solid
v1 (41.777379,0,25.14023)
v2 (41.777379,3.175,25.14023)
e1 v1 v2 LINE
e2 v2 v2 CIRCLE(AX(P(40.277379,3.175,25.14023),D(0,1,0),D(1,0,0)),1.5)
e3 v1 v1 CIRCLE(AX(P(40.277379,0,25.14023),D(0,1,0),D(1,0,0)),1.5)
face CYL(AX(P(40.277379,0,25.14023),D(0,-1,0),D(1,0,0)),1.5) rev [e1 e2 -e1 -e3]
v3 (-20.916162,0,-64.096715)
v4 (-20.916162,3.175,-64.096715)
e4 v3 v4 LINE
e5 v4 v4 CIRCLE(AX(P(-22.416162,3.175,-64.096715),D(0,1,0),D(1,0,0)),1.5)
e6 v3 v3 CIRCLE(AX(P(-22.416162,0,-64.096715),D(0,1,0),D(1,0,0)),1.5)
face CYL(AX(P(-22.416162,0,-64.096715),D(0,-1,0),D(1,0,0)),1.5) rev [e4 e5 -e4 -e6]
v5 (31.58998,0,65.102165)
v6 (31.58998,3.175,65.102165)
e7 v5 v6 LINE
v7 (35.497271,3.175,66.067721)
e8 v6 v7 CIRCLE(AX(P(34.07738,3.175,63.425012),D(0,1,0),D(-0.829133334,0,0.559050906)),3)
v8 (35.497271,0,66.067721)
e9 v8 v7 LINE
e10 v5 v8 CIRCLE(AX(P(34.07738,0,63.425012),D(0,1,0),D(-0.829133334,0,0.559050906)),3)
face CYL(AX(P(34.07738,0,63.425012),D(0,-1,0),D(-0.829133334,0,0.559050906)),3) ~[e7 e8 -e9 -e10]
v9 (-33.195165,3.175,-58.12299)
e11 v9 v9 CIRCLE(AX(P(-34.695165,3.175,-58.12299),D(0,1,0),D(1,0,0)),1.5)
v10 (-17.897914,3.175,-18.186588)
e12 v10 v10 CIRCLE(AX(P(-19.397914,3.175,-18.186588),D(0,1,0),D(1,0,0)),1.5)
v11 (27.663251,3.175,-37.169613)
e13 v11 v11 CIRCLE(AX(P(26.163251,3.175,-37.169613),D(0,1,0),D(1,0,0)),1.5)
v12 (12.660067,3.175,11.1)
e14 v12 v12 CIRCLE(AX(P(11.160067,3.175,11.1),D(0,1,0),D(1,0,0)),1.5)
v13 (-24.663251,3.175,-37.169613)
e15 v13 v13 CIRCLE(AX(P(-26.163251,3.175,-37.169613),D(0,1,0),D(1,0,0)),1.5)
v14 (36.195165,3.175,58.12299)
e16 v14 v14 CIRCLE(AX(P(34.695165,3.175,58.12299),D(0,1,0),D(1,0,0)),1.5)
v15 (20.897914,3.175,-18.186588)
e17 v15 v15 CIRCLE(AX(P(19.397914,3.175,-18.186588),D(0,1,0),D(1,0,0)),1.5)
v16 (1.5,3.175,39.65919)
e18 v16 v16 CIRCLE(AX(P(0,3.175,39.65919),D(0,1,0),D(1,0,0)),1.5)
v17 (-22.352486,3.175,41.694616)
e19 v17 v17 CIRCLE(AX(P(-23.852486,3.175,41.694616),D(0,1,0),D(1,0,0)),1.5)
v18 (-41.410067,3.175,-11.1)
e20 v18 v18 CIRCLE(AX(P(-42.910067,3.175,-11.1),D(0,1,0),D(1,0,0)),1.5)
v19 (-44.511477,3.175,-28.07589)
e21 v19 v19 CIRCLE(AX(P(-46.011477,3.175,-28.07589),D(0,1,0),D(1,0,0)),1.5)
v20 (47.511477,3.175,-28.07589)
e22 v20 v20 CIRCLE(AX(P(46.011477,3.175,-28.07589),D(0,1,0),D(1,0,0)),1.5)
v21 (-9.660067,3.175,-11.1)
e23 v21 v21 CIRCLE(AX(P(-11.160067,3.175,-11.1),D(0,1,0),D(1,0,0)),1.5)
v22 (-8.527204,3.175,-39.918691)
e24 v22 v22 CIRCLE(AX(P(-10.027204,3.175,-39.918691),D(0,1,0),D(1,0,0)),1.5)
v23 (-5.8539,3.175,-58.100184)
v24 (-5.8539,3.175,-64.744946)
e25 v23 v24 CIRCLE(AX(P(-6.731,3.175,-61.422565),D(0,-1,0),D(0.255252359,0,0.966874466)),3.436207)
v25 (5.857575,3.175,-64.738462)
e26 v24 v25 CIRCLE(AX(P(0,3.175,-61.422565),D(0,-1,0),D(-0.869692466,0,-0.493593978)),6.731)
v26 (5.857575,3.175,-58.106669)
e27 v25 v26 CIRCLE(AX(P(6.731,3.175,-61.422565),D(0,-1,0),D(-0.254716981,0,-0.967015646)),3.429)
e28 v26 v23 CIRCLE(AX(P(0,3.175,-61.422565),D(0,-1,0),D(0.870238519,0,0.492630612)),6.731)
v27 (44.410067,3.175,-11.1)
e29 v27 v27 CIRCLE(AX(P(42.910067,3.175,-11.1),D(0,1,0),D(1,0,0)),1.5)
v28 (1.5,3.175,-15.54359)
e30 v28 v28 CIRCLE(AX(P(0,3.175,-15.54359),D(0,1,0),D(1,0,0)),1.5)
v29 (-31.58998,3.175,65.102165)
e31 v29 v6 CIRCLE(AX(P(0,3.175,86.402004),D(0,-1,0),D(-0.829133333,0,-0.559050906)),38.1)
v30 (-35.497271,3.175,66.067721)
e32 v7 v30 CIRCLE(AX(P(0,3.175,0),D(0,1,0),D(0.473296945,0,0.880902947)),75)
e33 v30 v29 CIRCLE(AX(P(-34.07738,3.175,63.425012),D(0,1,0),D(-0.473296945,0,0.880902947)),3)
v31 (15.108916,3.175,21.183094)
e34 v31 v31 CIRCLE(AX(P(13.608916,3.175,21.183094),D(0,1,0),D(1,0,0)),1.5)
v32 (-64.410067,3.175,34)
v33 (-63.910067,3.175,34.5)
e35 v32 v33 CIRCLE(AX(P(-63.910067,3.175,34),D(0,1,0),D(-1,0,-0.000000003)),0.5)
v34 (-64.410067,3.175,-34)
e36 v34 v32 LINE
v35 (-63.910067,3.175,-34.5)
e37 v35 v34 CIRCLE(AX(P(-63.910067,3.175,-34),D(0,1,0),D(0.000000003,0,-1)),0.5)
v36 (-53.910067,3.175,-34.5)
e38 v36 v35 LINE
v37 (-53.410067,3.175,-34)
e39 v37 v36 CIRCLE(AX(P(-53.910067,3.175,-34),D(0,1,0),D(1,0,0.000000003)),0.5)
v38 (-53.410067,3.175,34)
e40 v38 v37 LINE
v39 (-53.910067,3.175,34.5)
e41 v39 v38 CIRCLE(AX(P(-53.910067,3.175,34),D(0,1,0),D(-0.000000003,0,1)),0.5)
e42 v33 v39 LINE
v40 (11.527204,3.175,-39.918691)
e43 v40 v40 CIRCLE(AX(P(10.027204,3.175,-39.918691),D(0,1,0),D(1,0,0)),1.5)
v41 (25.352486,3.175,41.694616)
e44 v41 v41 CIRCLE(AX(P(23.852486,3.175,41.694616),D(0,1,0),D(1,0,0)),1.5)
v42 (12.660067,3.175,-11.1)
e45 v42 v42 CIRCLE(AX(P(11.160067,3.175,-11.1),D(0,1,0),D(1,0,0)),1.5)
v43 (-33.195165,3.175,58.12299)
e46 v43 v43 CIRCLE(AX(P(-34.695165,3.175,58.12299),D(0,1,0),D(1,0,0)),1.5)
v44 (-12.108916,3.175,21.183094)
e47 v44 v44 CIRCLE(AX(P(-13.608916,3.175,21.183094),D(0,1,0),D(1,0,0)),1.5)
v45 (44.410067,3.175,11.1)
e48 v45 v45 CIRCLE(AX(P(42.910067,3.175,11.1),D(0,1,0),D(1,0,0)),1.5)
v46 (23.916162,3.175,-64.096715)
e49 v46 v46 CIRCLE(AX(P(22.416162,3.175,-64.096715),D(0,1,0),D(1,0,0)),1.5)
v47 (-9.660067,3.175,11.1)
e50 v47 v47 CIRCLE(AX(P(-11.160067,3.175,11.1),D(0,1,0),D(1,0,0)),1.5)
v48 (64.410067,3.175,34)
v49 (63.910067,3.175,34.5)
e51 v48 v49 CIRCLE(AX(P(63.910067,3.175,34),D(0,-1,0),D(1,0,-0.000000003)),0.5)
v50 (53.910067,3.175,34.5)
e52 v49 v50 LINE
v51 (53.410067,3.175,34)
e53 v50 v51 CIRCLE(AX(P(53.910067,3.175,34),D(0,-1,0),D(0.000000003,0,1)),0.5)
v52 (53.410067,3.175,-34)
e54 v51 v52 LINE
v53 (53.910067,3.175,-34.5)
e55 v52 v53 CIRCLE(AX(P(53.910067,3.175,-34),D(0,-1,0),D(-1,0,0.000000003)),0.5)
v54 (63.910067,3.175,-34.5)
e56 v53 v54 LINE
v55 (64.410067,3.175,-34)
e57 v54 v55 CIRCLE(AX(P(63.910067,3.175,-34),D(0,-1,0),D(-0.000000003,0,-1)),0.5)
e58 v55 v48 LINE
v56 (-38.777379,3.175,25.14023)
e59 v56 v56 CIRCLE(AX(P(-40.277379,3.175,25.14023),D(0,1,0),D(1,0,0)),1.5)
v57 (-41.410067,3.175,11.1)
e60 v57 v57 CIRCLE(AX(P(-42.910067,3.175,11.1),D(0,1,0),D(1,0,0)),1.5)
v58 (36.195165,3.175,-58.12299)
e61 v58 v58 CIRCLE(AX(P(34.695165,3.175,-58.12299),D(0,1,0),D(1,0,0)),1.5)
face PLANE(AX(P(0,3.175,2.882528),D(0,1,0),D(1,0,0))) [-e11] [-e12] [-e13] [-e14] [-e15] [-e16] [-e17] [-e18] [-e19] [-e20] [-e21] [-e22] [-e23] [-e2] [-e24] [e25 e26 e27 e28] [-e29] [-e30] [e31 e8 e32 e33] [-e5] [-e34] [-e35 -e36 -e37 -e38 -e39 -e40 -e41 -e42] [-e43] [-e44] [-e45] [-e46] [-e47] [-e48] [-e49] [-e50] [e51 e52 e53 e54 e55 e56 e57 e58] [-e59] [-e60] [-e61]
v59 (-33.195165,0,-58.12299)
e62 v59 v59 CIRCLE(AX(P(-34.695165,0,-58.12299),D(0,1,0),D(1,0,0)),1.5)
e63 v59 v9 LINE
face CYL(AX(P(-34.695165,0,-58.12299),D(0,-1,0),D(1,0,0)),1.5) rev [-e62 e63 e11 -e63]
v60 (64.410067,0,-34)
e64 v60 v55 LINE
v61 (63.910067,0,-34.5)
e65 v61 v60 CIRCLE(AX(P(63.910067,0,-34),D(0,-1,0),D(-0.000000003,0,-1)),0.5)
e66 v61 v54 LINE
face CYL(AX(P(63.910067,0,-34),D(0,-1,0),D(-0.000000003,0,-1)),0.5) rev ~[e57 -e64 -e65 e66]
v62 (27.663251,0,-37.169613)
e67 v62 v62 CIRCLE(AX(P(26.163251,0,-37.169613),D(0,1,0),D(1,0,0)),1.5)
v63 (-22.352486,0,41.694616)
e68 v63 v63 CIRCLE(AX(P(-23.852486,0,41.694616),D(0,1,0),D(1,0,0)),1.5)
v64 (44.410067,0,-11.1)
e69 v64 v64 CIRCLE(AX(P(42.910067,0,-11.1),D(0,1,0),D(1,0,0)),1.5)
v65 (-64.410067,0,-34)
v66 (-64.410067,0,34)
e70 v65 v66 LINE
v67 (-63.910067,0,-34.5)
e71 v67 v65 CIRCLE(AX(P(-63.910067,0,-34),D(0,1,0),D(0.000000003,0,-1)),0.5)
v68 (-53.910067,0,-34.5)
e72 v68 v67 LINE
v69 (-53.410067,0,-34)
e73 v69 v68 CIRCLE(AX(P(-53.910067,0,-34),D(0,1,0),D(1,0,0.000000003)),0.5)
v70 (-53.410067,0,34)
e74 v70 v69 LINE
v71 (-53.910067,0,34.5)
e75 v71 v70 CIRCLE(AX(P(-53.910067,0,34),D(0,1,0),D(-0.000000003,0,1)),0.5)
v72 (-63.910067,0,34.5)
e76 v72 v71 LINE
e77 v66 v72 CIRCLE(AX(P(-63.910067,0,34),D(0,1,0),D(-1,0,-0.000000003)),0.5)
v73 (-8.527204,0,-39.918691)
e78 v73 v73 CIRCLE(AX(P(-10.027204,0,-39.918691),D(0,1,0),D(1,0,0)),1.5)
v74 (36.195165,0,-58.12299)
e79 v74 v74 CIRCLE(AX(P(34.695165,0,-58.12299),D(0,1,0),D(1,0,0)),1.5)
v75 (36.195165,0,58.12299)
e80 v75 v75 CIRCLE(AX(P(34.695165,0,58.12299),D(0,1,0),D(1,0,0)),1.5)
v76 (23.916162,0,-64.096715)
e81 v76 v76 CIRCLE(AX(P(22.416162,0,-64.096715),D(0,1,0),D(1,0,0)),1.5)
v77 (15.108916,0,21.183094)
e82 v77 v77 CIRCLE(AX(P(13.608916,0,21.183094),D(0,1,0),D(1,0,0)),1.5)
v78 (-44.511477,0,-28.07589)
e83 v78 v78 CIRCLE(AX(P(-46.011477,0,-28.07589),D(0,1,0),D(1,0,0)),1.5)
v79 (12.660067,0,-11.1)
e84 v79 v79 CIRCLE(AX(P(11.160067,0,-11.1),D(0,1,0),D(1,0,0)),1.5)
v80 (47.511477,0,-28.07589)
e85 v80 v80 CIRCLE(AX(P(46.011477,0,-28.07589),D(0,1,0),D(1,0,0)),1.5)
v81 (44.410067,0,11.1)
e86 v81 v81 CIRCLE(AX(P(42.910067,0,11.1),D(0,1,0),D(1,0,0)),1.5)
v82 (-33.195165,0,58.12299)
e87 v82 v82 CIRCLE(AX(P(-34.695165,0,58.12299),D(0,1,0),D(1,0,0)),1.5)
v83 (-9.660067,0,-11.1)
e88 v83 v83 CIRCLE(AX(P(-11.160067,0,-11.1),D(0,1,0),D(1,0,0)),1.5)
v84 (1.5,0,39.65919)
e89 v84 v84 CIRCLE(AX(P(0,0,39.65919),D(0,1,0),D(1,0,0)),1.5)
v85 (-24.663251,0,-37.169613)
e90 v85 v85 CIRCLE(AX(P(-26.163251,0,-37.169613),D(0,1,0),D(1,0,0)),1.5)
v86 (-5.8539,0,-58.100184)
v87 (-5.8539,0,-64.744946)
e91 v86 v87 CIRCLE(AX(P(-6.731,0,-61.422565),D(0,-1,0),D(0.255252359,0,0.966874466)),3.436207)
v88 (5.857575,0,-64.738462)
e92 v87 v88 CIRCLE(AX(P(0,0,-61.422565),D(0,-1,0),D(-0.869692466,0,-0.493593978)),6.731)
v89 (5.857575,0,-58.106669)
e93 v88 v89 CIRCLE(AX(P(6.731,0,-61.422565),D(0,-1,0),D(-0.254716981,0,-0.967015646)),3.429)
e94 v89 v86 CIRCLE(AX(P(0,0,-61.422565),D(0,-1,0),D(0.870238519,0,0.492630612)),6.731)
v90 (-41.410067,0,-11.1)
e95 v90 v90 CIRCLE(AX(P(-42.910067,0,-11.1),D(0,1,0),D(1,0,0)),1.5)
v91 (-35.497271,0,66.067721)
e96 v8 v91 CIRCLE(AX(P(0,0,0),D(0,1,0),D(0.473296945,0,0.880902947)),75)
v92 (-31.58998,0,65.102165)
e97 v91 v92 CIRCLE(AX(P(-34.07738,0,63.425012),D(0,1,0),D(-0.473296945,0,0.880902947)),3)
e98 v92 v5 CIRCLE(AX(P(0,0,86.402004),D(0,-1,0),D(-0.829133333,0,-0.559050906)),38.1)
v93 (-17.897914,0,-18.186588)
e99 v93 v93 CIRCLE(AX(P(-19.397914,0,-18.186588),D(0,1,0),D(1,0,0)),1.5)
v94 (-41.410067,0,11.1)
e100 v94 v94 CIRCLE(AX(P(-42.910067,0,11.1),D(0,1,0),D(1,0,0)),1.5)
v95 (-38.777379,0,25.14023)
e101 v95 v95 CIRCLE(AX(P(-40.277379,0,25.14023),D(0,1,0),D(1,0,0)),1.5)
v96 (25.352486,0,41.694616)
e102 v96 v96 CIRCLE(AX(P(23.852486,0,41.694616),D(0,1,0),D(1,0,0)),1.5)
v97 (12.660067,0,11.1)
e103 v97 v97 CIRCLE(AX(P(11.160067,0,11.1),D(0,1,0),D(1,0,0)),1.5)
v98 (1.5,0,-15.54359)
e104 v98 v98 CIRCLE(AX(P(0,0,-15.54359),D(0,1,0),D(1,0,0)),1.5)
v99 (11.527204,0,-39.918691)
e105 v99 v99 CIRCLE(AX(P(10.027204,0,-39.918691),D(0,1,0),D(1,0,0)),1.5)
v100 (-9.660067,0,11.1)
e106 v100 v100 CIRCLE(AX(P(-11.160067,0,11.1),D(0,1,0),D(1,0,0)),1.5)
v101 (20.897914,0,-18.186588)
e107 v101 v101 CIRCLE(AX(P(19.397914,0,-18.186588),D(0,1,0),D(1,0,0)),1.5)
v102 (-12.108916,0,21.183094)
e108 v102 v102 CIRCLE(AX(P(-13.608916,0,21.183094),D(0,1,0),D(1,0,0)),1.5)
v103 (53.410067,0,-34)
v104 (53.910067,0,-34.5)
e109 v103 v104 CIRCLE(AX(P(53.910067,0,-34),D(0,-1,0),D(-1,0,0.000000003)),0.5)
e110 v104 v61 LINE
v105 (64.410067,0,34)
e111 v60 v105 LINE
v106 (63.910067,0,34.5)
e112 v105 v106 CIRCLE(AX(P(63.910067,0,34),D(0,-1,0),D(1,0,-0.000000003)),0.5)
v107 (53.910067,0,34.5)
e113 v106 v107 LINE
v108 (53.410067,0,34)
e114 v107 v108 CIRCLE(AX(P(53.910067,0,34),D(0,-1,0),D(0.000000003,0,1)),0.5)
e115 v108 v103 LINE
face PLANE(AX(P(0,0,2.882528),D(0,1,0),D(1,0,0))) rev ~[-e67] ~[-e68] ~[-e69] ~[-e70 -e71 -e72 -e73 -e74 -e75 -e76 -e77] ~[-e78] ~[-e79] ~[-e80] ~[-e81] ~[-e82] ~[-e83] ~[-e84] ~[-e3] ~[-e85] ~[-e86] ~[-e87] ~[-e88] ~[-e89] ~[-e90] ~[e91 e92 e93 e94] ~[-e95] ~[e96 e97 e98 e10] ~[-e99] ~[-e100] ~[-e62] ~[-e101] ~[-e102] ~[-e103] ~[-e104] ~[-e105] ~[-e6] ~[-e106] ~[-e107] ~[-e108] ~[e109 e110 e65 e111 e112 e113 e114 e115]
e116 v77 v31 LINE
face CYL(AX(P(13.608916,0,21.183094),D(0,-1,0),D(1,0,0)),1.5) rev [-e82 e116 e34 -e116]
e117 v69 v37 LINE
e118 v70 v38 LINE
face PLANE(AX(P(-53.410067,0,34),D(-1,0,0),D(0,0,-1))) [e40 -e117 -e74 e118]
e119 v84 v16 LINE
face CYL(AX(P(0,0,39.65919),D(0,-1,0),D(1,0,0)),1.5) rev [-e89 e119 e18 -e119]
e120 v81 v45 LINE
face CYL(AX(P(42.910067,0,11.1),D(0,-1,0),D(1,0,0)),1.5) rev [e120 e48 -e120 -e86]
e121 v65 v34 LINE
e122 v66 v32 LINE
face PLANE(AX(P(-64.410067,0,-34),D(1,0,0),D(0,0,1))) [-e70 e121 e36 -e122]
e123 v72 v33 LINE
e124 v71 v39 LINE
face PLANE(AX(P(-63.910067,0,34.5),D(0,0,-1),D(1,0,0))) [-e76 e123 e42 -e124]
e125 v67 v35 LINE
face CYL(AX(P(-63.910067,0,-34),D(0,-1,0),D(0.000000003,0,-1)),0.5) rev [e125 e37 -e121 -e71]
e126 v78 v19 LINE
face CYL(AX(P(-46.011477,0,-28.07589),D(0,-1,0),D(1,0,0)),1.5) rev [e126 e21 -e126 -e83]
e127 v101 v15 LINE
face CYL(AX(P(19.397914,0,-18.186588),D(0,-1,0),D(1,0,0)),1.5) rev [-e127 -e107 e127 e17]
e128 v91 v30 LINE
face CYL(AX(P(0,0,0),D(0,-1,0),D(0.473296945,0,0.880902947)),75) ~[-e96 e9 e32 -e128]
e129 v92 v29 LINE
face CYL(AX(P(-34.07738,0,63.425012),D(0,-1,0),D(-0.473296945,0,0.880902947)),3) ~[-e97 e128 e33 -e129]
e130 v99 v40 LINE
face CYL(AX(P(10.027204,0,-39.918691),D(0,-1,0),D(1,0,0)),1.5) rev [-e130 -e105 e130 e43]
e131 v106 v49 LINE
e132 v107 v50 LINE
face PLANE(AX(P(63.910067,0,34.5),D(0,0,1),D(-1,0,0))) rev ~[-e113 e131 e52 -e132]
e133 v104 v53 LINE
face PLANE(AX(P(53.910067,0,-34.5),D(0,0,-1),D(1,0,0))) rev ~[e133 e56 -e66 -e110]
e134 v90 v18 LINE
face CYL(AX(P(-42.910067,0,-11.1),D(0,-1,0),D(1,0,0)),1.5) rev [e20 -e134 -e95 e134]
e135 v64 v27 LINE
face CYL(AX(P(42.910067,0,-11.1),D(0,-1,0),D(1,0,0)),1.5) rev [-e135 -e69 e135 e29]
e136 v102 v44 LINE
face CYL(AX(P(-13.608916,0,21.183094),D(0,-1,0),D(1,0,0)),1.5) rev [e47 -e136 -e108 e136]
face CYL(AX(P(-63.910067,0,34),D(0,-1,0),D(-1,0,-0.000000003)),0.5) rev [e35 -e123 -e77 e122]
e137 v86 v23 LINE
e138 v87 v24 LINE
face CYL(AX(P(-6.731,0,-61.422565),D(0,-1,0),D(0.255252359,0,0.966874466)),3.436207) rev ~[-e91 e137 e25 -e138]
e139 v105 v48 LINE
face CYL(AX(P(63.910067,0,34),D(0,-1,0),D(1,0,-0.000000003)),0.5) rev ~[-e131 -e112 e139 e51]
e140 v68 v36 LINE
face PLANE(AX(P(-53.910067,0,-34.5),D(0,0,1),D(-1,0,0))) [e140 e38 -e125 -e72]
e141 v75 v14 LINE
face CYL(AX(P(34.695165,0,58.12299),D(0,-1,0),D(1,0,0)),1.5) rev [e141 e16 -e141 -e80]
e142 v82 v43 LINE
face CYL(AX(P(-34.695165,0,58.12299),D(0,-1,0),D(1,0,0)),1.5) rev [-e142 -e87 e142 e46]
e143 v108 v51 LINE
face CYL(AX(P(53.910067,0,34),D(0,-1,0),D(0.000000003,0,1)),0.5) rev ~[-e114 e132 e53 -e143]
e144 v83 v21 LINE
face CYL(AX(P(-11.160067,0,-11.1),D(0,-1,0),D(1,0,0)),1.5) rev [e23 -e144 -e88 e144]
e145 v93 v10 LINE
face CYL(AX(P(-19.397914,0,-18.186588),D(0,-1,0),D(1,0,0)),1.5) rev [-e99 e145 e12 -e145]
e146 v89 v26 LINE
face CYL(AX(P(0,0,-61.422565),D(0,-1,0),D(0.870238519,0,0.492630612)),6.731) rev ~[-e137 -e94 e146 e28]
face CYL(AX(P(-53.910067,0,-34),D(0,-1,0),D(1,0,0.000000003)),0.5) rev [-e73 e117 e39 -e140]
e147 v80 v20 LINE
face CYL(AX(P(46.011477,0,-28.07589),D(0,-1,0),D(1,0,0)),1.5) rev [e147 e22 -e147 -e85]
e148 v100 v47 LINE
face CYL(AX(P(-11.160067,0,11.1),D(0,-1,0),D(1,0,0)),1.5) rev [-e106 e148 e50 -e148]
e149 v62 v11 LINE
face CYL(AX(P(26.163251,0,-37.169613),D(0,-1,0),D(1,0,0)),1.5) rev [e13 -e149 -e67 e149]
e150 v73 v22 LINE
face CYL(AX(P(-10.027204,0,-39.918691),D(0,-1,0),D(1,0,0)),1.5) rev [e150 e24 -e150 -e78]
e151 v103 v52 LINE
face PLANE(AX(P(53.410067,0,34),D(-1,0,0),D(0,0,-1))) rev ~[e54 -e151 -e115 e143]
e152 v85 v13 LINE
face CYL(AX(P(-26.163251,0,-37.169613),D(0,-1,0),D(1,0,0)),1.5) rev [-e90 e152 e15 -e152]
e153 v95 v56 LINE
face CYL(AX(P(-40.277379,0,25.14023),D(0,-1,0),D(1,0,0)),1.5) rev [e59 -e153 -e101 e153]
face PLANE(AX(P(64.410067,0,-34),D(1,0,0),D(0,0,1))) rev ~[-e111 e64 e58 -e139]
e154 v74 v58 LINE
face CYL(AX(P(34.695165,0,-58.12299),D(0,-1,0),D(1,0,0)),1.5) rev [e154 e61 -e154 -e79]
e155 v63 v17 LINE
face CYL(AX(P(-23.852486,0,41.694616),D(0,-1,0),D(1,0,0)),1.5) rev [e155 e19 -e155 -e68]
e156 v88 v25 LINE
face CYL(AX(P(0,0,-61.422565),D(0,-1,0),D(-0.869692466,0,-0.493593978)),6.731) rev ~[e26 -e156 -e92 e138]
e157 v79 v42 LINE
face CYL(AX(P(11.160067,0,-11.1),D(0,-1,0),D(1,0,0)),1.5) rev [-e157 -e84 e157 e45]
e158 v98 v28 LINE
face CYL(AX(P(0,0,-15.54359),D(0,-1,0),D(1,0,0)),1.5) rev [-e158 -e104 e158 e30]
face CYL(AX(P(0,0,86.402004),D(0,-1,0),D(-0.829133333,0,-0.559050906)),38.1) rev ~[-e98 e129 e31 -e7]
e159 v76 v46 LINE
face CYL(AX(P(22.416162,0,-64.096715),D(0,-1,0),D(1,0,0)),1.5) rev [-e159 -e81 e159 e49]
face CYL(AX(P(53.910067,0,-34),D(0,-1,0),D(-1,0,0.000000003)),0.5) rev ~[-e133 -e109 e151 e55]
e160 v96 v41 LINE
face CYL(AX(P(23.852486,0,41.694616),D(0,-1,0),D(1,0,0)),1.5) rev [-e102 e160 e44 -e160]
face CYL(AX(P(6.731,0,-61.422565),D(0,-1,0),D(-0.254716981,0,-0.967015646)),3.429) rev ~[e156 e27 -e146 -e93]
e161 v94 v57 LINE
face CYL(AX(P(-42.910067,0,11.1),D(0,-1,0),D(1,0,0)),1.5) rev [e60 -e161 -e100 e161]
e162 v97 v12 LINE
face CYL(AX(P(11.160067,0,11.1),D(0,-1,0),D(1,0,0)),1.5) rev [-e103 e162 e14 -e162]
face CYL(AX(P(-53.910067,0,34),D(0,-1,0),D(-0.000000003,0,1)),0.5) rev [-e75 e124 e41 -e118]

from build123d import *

# Parameters (mm, degrees)
SKETCH1_R           = 1.5
BOSS_EXTRUDE2_DEPTH = 3.175


with BuildPart() as part:
    # Sketch1 → Boss-Extrude2 (new body)
    with BuildSketch(Plane(origin=(0, 0, 0), x_dir=(1, 0, 0), z_dir=(0, 1, 0))):
        with BuildLine():
            ThreePointArc((35.49727084, -66.067721036), (0, 75), (-35.49727084, -66.067721036))
            ThreePointArc((-35.49727084, -66.067721036), (-33.357679643, -66.33740492), (-31.589980006, -65.102164912))
            ThreePointArc((-31.589980006, -65.102164912), (0, -48.302004425), (31.589980006, -65.102164912))
            ThreePointArc((31.589980006, -65.102164912), (33.357679643, -66.33740492), (35.49727084, -66.067721036))
        make_face()
        with Locations((-13.608916499, -21.183093811)):
            Circle(SKETCH1_R, mode=Mode.SUBTRACT)
        with Locations((-46.011477091, 28.075890486)):
            Circle(SKETCH1_R, mode=Mode.SUBTRACT)
        with Locations((13.608916499, -21.183093811)):
            Circle(SKETCH1_R, mode=Mode.SUBTRACT)
        with Locations((23.852486199, -41.694616163)):
            Circle(SKETCH1_R, mode=Mode.SUBTRACT)
        with Locations((-42.910067426, 11.1)):
            Circle(SKETCH1_R, mode=Mode.SUBTRACT)
        with Locations((-42.910067426, -11.1)):
            Circle(SKETCH1_R, mode=Mode.SUBTRACT)
        with Locations((-11.160067426, -11.1)):
            Circle(SKETCH1_R, mode=Mode.SUBTRACT)
        with Locations((-11.160067426, 11.1)):
            Circle(SKETCH1_R, mode=Mode.SUBTRACT)
        with Locations((11.160067426, 11.1)):
            Circle(SKETCH1_R, mode=Mode.SUBTRACT)
        with Locations((11.160067426, -11.1)):
            Circle(SKETCH1_R, mode=Mode.SUBTRACT)
        with Locations((42.910067426, -11.1)):
            Circle(SKETCH1_R, mode=Mode.SUBTRACT)
        with Locations((42.910067426, 11.1)):
            Circle(SKETCH1_R, mode=Mode.SUBTRACT)
        with Locations((-23.852486199, -41.694616163)):
            Circle(SKETCH1_R, mode=Mode.SUBTRACT)
        with Locations((19.397913834, 18.186588214)):
            Circle(SKETCH1_R, mode=Mode.SUBTRACT)
        with Locations((-40.277379234, -25.14022965)):
            Circle(SKETCH1_R, mode=Mode.SUBTRACT)
        with Locations((40.277379234, -25.14022965)):
            Circle(SKETCH1_R, mode=Mode.SUBTRACT)
        with Locations((-22.416161975, 64.096715224)):
            Circle(SKETCH1_R, mode=Mode.SUBTRACT)
        with Locations((22.416161975, 64.096715224)):
            Circle(SKETCH1_R, mode=Mode.SUBTRACT)
        with Locations((26.163250867, 37.1696126)):
            Circle(SKETCH1_R, mode=Mode.SUBTRACT)
        with Locations((46.011477091, 28.075890486)):
            Circle(SKETCH1_R, mode=Mode.SUBTRACT)
        with Locations((10.027203595, 39.91869143)):
            Circle(SKETCH1_R, mode=Mode.SUBTRACT)
        with Locations((0, -39.659190322)):
            Circle(SKETCH1_R, mode=Mode.SUBTRACT)
        with Locations((-10.027203595, 39.91869143)):
            Circle(SKETCH1_R, mode=Mode.SUBTRACT)
        with Locations((-34.69516474, -58.122990171)):
            Circle(SKETCH1_R, mode=Mode.SUBTRACT)
        with Locations((-34.69516474, 58.122990171)):
            Circle(SKETCH1_R, mode=Mode.SUBTRACT)
        with Locations((34.69516474, -58.122990171)):
            Circle(SKETCH1_R, mode=Mode.SUBTRACT)
        with Locations((0, 15.543589551)):
            Circle(SKETCH1_R, mode=Mode.SUBTRACT)
        with Locations((-26.163250867, 37.1696126)):
            Circle(SKETCH1_R, mode=Mode.SUBTRACT)
        with Locations((-19.397913834, 18.186588214)):
            Circle(SKETCH1_R, mode=Mode.SUBTRACT)
        with Locations((34.69516474, 58.122990171)):
            Circle(SKETCH1_R, mode=Mode.SUBTRACT)
        with BuildLine():
            Line((53.410067426, -34), (53.410067426, 34))
            ThreePointArc((53.410067426, 34), (53.556514035, 34.353553391), (53.910067426, 34.5))
            Line((53.910067426, 34.5), (63.910067426, 34.5))
            ThreePointArc((63.910067426, 34.5), (64.263620817, 34.353553391), (64.410067426, 34))
            Line((64.410067426, 34), (64.410067426, -34))
            ThreePointArc((64.410067426, -34), (64.263620817, -34.353553391), (63.910067426, -34.5))
            Line((63.910067426, -34.5), (53.910067426, -34.5))
            ThreePointArc((53.910067426, -34.5), (53.556514035, -34.353553391), (53.410067426, -34))
        make_face(mode=Mode.SUBTRACT)
        with BuildLine():
            Line((-63.910067426, -34.5), (-53.910067426, -34.5))
            ThreePointArc((-53.910067426, -34.5), (-53.556514035, -34.353553391), (-53.410067426, -34))
            Line((-53.410067426, -34), (-53.410067426, 34))
            ThreePointArc((-53.410067426, 34), (-53.556514035, 34.353553391), (-53.910067426, 34.5))
            Line((-53.910067426, 34.5), (-63.910067426, 34.5))
            ThreePointArc((-63.910067426, 34.5), (-64.263620817, 34.353553391), (-64.410067426, 34))
            Line((-64.410067426, 34), (-64.410067426, -34))
            ThreePointArc((-64.410067426, -34), (-64.263620817, -34.353553391), (-63.910067426, -34.5))
        make_face(mode=Mode.SUBTRACT)
        with BuildLine():
            ThreePointArc((-5.853899988, 64.744946271), (0.003726822, 68.153564176), (5.857575472, 64.738461857))
            ThreePointArc((5.857575472, 64.738461857), (10.16, 61.422565207), (5.857575472, 58.106668557))
            ThreePointArc((5.857575472, 58.106668557), (0.003726822, 54.691566239), (-5.853899988, 58.100184144))
            ThreePointArc((-5.853899988, 58.100184144), (-10.167207264, 61.422565207), (-5.853899988, 64.744946271))
        make_face(mode=Mode.SUBTRACT)
    extrude(amount=BOSS_EXTRUDE2_DEPTH)


solid = part.part
